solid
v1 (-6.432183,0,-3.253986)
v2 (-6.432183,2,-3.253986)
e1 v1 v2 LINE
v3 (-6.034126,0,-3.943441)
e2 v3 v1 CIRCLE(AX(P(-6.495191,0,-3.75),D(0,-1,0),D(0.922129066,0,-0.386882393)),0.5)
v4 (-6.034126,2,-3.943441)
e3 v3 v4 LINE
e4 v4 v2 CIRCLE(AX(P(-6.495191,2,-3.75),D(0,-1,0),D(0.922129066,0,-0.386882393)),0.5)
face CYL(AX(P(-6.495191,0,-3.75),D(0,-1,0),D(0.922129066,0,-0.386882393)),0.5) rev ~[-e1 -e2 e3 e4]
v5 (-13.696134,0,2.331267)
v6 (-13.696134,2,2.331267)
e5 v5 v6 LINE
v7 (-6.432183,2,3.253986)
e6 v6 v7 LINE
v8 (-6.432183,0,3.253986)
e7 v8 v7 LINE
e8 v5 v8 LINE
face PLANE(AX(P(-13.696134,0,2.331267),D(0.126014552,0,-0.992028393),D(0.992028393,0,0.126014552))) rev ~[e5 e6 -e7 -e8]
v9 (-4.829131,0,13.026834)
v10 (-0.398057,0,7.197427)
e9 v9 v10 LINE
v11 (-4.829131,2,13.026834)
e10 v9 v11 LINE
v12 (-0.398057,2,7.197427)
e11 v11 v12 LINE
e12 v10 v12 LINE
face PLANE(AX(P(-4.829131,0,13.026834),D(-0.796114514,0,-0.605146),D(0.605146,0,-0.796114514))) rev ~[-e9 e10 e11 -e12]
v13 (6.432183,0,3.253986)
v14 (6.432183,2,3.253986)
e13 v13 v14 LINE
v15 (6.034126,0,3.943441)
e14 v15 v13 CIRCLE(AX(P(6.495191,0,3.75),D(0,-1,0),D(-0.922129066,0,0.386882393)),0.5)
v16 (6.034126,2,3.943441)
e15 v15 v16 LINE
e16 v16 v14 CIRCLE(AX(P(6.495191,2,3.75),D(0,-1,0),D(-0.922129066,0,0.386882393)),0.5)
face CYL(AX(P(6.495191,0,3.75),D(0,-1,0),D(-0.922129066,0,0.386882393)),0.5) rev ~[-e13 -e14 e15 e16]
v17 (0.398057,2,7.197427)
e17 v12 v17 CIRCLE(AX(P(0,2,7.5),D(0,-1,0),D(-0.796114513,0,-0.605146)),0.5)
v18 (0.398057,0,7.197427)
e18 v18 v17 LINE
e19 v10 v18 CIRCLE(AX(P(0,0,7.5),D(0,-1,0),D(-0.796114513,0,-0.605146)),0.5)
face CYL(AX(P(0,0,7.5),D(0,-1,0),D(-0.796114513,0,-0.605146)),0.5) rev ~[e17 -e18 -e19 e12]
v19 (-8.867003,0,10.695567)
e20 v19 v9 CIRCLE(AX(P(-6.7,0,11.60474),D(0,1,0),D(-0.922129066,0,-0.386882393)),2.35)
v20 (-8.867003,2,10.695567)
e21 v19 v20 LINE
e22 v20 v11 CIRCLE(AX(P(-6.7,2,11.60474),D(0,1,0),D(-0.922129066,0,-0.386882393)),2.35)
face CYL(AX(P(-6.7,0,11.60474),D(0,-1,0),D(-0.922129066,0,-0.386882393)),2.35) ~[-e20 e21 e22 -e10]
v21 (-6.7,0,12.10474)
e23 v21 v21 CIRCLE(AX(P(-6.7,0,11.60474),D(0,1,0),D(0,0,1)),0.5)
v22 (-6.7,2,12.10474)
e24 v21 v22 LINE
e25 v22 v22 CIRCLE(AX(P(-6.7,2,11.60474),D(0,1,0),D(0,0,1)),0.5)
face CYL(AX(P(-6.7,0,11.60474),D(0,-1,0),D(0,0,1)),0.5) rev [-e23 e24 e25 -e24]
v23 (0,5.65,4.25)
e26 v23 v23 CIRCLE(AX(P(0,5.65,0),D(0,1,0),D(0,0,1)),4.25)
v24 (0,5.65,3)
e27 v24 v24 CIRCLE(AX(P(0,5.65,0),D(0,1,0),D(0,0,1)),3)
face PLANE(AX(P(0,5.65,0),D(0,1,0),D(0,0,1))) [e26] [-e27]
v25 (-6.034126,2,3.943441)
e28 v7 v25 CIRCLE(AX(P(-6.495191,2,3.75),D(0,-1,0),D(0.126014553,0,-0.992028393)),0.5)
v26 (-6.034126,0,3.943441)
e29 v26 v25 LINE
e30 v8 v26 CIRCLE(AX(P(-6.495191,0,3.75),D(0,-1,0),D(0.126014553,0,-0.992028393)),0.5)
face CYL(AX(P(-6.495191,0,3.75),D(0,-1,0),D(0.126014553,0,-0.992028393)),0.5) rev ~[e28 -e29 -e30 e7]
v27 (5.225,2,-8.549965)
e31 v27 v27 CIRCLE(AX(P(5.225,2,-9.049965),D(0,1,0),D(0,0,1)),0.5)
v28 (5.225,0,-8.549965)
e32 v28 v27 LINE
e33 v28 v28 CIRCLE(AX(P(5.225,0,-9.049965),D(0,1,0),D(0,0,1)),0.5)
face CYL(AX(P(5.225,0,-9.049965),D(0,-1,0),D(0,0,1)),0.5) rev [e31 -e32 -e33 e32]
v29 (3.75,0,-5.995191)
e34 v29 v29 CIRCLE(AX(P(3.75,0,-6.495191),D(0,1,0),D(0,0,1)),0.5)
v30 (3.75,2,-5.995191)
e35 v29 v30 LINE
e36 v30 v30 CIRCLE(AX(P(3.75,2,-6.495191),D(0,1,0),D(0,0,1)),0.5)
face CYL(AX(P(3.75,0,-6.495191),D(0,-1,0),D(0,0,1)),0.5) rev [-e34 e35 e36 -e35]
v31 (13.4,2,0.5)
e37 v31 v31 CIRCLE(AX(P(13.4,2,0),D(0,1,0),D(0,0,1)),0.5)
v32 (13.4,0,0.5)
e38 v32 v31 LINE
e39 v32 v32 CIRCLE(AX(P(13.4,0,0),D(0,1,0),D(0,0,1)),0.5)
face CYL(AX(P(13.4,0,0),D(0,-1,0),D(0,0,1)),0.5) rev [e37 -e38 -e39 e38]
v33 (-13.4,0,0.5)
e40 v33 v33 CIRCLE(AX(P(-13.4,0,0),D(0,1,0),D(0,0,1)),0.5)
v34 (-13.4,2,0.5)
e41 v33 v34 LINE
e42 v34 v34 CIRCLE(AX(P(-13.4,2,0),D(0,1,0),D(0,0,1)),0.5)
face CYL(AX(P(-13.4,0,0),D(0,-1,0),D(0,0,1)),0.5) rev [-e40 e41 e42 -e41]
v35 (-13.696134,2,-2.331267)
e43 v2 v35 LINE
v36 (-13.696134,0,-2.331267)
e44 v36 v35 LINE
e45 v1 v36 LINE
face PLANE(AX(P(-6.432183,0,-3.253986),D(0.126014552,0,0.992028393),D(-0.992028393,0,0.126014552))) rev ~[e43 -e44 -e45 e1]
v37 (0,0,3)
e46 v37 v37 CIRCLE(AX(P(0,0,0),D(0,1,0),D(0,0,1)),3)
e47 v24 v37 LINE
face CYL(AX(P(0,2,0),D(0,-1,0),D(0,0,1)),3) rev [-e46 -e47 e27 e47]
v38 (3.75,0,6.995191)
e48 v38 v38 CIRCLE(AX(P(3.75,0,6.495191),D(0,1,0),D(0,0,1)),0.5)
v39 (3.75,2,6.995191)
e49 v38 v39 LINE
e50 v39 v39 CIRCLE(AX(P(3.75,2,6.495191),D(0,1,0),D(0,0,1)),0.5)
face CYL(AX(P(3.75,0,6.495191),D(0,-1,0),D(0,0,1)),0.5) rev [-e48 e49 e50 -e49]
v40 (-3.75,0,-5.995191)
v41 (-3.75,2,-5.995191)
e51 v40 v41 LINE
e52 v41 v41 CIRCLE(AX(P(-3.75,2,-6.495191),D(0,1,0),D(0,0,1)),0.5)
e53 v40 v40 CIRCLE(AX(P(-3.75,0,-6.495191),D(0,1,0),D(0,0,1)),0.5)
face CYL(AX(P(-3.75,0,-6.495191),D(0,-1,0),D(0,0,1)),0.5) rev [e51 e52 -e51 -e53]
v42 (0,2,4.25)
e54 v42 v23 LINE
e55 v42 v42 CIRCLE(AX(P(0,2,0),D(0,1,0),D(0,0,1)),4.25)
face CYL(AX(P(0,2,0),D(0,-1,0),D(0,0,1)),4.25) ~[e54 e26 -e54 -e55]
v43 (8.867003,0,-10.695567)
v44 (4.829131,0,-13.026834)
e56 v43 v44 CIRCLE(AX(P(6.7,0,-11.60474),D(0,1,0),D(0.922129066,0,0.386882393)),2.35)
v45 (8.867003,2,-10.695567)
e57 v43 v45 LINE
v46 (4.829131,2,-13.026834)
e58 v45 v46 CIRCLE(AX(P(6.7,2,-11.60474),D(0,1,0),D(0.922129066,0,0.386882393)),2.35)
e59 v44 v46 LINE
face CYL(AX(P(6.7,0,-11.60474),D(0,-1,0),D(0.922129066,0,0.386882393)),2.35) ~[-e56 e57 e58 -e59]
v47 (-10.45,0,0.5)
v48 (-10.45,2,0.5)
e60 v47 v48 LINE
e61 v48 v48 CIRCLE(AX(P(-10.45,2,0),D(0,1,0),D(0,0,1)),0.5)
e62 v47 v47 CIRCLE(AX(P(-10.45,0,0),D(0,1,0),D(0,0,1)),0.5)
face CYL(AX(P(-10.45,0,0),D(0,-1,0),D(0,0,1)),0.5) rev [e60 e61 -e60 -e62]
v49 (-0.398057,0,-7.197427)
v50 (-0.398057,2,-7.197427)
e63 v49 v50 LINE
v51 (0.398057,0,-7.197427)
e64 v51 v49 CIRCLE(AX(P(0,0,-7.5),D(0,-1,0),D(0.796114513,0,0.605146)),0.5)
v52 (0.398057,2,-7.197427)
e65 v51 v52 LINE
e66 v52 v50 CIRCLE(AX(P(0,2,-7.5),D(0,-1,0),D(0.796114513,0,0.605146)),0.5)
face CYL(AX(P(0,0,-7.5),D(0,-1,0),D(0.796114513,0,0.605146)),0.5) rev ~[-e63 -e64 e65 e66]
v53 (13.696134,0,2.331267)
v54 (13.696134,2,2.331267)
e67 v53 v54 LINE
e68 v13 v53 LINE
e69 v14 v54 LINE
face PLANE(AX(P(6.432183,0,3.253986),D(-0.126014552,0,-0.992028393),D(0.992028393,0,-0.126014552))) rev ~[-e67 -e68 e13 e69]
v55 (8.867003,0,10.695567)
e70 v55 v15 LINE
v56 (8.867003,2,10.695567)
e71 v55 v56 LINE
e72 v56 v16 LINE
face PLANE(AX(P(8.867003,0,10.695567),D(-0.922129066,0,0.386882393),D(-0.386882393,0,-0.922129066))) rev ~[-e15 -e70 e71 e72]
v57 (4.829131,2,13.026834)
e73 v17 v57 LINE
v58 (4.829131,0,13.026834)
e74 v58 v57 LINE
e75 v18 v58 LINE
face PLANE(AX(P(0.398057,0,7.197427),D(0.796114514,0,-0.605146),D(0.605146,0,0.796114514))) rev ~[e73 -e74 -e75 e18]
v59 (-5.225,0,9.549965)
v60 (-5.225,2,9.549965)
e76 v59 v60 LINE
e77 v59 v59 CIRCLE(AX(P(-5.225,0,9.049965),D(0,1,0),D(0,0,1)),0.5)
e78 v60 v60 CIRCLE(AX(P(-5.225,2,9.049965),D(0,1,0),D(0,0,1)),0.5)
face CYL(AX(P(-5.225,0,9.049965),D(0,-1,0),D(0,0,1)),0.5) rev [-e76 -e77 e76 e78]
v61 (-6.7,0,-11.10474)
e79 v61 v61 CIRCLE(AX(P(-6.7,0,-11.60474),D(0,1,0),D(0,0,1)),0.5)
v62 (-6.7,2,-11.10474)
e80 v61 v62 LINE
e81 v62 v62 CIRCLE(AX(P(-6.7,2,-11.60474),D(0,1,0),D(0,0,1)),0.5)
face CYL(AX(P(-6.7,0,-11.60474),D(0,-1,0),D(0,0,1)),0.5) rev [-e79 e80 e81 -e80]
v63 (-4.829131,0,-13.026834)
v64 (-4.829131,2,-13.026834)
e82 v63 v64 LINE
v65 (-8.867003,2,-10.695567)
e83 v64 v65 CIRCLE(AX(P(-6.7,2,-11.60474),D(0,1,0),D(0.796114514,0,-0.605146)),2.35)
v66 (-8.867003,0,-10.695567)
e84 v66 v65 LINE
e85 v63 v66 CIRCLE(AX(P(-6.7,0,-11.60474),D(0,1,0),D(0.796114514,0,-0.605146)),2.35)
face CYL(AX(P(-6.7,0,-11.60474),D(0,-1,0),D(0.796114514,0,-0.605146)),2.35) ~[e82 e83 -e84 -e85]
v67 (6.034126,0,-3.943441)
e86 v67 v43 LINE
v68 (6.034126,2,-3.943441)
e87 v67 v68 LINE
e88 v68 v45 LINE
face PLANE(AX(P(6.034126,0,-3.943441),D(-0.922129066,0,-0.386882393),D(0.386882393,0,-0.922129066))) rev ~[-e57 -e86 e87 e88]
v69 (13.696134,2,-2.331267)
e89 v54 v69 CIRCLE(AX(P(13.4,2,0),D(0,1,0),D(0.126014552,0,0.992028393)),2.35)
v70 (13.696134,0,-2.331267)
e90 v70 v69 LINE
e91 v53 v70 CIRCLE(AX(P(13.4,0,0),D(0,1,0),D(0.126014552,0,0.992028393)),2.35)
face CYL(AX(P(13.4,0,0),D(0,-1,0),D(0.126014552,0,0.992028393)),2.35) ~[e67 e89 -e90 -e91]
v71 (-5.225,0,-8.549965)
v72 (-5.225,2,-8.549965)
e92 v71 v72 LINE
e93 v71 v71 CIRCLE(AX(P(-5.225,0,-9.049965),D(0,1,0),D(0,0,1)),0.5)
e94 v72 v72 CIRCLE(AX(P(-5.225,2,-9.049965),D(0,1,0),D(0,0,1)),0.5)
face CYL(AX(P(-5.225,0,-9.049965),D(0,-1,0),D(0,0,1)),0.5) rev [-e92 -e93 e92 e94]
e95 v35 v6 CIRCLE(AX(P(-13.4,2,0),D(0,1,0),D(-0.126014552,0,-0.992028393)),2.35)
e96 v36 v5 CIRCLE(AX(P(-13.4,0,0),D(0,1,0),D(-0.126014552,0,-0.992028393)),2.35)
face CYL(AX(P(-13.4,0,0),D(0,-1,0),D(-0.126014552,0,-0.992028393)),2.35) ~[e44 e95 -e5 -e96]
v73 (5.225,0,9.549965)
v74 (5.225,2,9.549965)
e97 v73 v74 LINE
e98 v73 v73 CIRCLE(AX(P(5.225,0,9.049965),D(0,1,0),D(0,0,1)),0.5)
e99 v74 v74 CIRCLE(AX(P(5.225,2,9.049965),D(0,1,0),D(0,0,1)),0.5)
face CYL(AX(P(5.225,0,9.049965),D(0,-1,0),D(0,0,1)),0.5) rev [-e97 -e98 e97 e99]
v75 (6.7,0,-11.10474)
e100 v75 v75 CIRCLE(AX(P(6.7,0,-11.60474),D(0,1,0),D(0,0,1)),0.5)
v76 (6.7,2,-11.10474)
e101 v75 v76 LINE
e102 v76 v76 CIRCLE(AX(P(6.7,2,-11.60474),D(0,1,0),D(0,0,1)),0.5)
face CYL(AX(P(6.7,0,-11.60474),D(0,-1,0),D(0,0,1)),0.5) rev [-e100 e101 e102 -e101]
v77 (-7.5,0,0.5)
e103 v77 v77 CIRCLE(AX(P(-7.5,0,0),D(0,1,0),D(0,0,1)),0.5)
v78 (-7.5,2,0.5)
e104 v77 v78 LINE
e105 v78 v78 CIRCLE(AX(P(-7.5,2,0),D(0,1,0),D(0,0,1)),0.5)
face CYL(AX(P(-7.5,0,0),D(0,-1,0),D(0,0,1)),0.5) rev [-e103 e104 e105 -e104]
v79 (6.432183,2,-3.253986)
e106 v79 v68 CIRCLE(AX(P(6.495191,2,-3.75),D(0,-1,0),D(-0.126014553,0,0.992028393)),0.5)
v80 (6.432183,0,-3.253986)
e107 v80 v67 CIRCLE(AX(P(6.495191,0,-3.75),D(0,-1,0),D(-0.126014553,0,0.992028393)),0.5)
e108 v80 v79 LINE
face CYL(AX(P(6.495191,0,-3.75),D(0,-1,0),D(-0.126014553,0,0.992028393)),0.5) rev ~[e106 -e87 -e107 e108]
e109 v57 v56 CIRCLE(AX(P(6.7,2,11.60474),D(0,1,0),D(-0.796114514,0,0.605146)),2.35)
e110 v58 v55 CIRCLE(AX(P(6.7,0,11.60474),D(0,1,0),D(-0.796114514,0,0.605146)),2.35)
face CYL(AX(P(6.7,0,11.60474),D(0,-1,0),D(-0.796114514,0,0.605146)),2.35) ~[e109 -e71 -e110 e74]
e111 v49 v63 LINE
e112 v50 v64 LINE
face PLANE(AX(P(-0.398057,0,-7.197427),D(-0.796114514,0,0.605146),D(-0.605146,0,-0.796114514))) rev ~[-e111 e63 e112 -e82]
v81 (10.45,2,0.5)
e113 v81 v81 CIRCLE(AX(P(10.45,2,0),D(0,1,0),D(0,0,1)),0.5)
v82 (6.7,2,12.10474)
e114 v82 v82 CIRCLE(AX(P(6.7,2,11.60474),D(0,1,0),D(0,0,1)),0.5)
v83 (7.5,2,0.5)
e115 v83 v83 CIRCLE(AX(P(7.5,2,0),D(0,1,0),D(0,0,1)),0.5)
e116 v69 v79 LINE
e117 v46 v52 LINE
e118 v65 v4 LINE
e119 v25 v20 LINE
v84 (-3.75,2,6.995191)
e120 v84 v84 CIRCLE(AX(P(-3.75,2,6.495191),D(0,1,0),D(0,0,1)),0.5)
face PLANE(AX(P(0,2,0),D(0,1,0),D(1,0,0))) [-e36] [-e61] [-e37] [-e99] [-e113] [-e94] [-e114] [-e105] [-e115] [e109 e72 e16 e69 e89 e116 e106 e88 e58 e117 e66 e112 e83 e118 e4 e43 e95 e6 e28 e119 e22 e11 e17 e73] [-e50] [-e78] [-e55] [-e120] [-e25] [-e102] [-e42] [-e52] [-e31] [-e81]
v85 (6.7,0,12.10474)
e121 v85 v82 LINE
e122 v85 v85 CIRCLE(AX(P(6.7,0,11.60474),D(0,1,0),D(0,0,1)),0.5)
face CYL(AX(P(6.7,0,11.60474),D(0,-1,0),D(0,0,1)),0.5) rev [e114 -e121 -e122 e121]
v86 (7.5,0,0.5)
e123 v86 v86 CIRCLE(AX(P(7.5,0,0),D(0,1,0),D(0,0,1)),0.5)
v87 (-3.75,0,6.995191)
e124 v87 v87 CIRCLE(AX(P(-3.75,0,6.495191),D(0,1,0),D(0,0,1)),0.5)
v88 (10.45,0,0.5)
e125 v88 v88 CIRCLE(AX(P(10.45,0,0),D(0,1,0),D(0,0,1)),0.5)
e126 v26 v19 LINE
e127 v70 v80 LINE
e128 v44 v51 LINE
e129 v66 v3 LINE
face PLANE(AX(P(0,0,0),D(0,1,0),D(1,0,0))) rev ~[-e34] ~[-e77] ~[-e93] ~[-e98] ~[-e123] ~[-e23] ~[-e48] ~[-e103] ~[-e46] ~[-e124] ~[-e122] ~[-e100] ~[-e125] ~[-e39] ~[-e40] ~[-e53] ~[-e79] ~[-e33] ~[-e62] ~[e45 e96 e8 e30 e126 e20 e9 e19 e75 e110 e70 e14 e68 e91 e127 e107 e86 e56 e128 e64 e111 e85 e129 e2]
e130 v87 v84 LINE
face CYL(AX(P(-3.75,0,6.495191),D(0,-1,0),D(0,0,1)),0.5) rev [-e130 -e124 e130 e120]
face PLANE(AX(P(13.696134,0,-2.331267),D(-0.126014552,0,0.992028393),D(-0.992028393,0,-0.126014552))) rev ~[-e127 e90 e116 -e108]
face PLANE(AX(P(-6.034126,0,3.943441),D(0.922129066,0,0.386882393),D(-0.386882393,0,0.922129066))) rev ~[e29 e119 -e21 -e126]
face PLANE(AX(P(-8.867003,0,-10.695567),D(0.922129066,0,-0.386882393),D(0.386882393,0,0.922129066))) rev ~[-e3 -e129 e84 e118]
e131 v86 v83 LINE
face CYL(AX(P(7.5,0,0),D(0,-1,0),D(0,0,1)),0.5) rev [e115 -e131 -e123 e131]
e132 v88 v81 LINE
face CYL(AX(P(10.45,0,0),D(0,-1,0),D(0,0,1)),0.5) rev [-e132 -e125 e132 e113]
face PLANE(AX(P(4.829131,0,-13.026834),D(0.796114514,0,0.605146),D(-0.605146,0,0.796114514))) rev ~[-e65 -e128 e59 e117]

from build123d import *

# Parameters (mm, degrees)
SKETCH1_R           = 3
SKETCH1_R_2         = 0.5
BOSS_EXTRUDE1_DEPTH = 2
SKETCH2_R           = 4.25
SKETCH2_R_2         = 3
BOSS_EXTRUDE2_DEPTH = 3.65


with BuildPart() as part:
    # Sketch1 → Boss-Extrude1 (new body)
    with BuildSketch(Plane(origin=(0, 0, 0), x_dir=(1, 0, 0), z_dir=(0, 1, 0))):
        with BuildLine():
            Line((13.696134198, 2.331266724), (6.432183252, 3.253985803))
            ThreePointArc((6.432183252, 3.253985803), (6.062177826, 3.5), (6.034125995, 3.943441197))
            Line((6.034125995, 3.943441197), (8.867003305, 10.695566787))
            ThreePointArc((8.867003305, 10.695566787), (7.875, 13.63990011), (4.829130893, 13.026833511))
            Line((4.829130893, 13.026833511), (0.398057257, 7.197427))
            ThreePointArc((0.398057257, 7.197427), (0, 7), (-0.398057257, 7.197427))
            Line((-0.398057257, 7.197427), (-4.829130893, 13.026833511))
            ThreePointArc((-4.829130893, 13.026833511), (-7.875, 13.63990011), (-8.867003305, 10.695566787))
            Line((-8.867003305, 10.695566787), (-6.034125995, 3.943441197))
            ThreePointArc((-6.034125995, 3.943441197), (-6.062177826, 3.5), (-6.432183252, 3.253985803))
            Line((-6.432183252, 3.253985803), (-13.696134198, 2.331266724))
            ThreePointArc((-13.696134198, 2.331266724), (-15.75, 0), (-13.696134198, -2.331266724))
            Line((-13.696134198, -2.331266724), (-6.432183252, -3.253985803))
            ThreePointArc((-6.432183252, -3.253985803), (-6.062177826, -3.5), (-6.034125995, -3.943441197))
            Line((-6.034125995, -3.943441197), (-8.867003305, -10.695566787))
            ThreePointArc((-8.867003305, -10.695566787), (-7.875, -13.63990011), (-4.829130893, -13.026833511))
            Line((-4.829130893, -13.026833511), (-0.398057257, -7.197427))
            ThreePointArc((-0.398057257, -7.197427), (0, -7), (0.398057257, -7.197427))
            Line((0.398057257, -7.197427), (4.829130893, -13.026833511))
            ThreePointArc((4.829130893, -13.026833511), (7.875, -13.63990011), (8.867003305, -10.695566787))
            Line((8.867003305, -10.695566787), (6.034125995, -3.943441197))
            ThreePointArc((6.034125995, -3.943441197), (6.062177826, -3.5), (6.432183252, -3.253985803))
            Line((6.432183252, -3.253985803), (13.696134198, -2.331266724))
            ThreePointArc((13.696134198, -2.331266724), (15.75, 0), (13.696134198, 2.331266724))
        make_face()
        with Locations(Location((0, 0, 0), (0, 0, 270))):
            Circle(SKETCH1_R, mode=Mode.SUBTRACT)
        with Locations(Location((7.5, 0, 0), (0, 0, 270))):
            Circle(SKETCH1_R_2, mode=Mode.SUBTRACT)
        with Locations(Location((10.45, 0, 0), (0, 0, 270))):
            Circle(SKETCH1_R_2, mode=Mode.SUBTRACT)
        with Locations(Location((13.4, 0, 0), (0, 0, 270))):
            Circle(SKETCH1_R_2, mode=Mode.SUBTRACT)
        with Locations(Location((3.75, -6.495190528, 0), (0, 0, 270))):
            Circle(SKETCH1_R_2, mode=Mode.SUBTRACT)
        with Locations(Location((5.225, -9.04996547, 0), (0, 0, 270))):
            Circle(SKETCH1_R_2, mode=Mode.SUBTRACT)
        with Locations(Location((6.7, -11.604740411, 0), (0, 0, 270))):
            Circle(SKETCH1_R_2, mode=Mode.SUBTRACT)
        with Locations(Location((-3.75, -6.495190528, 0), (0, 0, 270))):
            Circle(SKETCH1_R_2, mode=Mode.SUBTRACT)
        with Locations(Location((-5.225, -9.04996547, 0), (0, 0, 270))):
            Circle(SKETCH1_R_2, mode=Mode.SUBTRACT)
        with Locations(Location((-6.7, -11.604740411, 0), (0, 0, 270))):
            Circle(SKETCH1_R_2, mode=Mode.SUBTRACT)
        with Locations(Location((-7.5, 0, 0), (0, 0, 270))):
            Circle(SKETCH1_R_2, mode=Mode.SUBTRACT)
        with Locations(Location((-10.45, 0, 0), (0, 0, 270))):
            Circle(SKETCH1_R_2, mode=Mode.SUBTRACT)
        with Locations(Location((-13.4, 0, 0), (0, 0, 270))):
            Circle(SKETCH1_R_2, mode=Mode.SUBTRACT)
        with Locations(Location((-3.75, 6.495190528, 0), (0, 0, 270))):
            Circle(SKETCH1_R_2, mode=Mode.SUBTRACT)
        with Locations(Location((-5.225, 9.04996547, 0), (0, 0, 270))):
            Circle(SKETCH1_R_2, mode=Mode.SUBTRACT)
        with Locations(Location((-6.7, 11.604740411, 0), (0, 0, 270))):
            Circle(SKETCH1_R_2, mode=Mode.SUBTRACT)
        with Locations(Location((3.75, 6.495190528, 0), (0, 0, 270))):
            Circle(SKETCH1_R_2, mode=Mode.SUBTRACT)
        with Locations(Location((5.225, 9.04996547, 0), (0, 0, 270))):
            Circle(SKETCH1_R_2, mode=Mode.SUBTRACT)
        with Locations(Location((6.7, 11.604740411, 0), (0, 0, 270))):
            Circle(SKETCH1_R_2, mode=Mode.SUBTRACT)
    extrude(amount=BOSS_EXTRUDE1_DEPTH)

    # Sketch2 → Boss-Extrude2 (add)
    with BuildSketch(Plane(origin=(0, 2, 0), x_dir=(-1, 0, 0), z_dir=(0, 1, 0))):
        with Locations(Location((0, 0, 0), (0, 0, 90))):
            Circle(SKETCH2_R)
        with Locations(Location((0, 0, 0), (0, 0, 90))):
            Circle(SKETCH2_R_2, mode=Mode.SUBTRACT)
    extrude(amount=BOSS_EXTRUDE2_DEPTH)


solid = part.part
